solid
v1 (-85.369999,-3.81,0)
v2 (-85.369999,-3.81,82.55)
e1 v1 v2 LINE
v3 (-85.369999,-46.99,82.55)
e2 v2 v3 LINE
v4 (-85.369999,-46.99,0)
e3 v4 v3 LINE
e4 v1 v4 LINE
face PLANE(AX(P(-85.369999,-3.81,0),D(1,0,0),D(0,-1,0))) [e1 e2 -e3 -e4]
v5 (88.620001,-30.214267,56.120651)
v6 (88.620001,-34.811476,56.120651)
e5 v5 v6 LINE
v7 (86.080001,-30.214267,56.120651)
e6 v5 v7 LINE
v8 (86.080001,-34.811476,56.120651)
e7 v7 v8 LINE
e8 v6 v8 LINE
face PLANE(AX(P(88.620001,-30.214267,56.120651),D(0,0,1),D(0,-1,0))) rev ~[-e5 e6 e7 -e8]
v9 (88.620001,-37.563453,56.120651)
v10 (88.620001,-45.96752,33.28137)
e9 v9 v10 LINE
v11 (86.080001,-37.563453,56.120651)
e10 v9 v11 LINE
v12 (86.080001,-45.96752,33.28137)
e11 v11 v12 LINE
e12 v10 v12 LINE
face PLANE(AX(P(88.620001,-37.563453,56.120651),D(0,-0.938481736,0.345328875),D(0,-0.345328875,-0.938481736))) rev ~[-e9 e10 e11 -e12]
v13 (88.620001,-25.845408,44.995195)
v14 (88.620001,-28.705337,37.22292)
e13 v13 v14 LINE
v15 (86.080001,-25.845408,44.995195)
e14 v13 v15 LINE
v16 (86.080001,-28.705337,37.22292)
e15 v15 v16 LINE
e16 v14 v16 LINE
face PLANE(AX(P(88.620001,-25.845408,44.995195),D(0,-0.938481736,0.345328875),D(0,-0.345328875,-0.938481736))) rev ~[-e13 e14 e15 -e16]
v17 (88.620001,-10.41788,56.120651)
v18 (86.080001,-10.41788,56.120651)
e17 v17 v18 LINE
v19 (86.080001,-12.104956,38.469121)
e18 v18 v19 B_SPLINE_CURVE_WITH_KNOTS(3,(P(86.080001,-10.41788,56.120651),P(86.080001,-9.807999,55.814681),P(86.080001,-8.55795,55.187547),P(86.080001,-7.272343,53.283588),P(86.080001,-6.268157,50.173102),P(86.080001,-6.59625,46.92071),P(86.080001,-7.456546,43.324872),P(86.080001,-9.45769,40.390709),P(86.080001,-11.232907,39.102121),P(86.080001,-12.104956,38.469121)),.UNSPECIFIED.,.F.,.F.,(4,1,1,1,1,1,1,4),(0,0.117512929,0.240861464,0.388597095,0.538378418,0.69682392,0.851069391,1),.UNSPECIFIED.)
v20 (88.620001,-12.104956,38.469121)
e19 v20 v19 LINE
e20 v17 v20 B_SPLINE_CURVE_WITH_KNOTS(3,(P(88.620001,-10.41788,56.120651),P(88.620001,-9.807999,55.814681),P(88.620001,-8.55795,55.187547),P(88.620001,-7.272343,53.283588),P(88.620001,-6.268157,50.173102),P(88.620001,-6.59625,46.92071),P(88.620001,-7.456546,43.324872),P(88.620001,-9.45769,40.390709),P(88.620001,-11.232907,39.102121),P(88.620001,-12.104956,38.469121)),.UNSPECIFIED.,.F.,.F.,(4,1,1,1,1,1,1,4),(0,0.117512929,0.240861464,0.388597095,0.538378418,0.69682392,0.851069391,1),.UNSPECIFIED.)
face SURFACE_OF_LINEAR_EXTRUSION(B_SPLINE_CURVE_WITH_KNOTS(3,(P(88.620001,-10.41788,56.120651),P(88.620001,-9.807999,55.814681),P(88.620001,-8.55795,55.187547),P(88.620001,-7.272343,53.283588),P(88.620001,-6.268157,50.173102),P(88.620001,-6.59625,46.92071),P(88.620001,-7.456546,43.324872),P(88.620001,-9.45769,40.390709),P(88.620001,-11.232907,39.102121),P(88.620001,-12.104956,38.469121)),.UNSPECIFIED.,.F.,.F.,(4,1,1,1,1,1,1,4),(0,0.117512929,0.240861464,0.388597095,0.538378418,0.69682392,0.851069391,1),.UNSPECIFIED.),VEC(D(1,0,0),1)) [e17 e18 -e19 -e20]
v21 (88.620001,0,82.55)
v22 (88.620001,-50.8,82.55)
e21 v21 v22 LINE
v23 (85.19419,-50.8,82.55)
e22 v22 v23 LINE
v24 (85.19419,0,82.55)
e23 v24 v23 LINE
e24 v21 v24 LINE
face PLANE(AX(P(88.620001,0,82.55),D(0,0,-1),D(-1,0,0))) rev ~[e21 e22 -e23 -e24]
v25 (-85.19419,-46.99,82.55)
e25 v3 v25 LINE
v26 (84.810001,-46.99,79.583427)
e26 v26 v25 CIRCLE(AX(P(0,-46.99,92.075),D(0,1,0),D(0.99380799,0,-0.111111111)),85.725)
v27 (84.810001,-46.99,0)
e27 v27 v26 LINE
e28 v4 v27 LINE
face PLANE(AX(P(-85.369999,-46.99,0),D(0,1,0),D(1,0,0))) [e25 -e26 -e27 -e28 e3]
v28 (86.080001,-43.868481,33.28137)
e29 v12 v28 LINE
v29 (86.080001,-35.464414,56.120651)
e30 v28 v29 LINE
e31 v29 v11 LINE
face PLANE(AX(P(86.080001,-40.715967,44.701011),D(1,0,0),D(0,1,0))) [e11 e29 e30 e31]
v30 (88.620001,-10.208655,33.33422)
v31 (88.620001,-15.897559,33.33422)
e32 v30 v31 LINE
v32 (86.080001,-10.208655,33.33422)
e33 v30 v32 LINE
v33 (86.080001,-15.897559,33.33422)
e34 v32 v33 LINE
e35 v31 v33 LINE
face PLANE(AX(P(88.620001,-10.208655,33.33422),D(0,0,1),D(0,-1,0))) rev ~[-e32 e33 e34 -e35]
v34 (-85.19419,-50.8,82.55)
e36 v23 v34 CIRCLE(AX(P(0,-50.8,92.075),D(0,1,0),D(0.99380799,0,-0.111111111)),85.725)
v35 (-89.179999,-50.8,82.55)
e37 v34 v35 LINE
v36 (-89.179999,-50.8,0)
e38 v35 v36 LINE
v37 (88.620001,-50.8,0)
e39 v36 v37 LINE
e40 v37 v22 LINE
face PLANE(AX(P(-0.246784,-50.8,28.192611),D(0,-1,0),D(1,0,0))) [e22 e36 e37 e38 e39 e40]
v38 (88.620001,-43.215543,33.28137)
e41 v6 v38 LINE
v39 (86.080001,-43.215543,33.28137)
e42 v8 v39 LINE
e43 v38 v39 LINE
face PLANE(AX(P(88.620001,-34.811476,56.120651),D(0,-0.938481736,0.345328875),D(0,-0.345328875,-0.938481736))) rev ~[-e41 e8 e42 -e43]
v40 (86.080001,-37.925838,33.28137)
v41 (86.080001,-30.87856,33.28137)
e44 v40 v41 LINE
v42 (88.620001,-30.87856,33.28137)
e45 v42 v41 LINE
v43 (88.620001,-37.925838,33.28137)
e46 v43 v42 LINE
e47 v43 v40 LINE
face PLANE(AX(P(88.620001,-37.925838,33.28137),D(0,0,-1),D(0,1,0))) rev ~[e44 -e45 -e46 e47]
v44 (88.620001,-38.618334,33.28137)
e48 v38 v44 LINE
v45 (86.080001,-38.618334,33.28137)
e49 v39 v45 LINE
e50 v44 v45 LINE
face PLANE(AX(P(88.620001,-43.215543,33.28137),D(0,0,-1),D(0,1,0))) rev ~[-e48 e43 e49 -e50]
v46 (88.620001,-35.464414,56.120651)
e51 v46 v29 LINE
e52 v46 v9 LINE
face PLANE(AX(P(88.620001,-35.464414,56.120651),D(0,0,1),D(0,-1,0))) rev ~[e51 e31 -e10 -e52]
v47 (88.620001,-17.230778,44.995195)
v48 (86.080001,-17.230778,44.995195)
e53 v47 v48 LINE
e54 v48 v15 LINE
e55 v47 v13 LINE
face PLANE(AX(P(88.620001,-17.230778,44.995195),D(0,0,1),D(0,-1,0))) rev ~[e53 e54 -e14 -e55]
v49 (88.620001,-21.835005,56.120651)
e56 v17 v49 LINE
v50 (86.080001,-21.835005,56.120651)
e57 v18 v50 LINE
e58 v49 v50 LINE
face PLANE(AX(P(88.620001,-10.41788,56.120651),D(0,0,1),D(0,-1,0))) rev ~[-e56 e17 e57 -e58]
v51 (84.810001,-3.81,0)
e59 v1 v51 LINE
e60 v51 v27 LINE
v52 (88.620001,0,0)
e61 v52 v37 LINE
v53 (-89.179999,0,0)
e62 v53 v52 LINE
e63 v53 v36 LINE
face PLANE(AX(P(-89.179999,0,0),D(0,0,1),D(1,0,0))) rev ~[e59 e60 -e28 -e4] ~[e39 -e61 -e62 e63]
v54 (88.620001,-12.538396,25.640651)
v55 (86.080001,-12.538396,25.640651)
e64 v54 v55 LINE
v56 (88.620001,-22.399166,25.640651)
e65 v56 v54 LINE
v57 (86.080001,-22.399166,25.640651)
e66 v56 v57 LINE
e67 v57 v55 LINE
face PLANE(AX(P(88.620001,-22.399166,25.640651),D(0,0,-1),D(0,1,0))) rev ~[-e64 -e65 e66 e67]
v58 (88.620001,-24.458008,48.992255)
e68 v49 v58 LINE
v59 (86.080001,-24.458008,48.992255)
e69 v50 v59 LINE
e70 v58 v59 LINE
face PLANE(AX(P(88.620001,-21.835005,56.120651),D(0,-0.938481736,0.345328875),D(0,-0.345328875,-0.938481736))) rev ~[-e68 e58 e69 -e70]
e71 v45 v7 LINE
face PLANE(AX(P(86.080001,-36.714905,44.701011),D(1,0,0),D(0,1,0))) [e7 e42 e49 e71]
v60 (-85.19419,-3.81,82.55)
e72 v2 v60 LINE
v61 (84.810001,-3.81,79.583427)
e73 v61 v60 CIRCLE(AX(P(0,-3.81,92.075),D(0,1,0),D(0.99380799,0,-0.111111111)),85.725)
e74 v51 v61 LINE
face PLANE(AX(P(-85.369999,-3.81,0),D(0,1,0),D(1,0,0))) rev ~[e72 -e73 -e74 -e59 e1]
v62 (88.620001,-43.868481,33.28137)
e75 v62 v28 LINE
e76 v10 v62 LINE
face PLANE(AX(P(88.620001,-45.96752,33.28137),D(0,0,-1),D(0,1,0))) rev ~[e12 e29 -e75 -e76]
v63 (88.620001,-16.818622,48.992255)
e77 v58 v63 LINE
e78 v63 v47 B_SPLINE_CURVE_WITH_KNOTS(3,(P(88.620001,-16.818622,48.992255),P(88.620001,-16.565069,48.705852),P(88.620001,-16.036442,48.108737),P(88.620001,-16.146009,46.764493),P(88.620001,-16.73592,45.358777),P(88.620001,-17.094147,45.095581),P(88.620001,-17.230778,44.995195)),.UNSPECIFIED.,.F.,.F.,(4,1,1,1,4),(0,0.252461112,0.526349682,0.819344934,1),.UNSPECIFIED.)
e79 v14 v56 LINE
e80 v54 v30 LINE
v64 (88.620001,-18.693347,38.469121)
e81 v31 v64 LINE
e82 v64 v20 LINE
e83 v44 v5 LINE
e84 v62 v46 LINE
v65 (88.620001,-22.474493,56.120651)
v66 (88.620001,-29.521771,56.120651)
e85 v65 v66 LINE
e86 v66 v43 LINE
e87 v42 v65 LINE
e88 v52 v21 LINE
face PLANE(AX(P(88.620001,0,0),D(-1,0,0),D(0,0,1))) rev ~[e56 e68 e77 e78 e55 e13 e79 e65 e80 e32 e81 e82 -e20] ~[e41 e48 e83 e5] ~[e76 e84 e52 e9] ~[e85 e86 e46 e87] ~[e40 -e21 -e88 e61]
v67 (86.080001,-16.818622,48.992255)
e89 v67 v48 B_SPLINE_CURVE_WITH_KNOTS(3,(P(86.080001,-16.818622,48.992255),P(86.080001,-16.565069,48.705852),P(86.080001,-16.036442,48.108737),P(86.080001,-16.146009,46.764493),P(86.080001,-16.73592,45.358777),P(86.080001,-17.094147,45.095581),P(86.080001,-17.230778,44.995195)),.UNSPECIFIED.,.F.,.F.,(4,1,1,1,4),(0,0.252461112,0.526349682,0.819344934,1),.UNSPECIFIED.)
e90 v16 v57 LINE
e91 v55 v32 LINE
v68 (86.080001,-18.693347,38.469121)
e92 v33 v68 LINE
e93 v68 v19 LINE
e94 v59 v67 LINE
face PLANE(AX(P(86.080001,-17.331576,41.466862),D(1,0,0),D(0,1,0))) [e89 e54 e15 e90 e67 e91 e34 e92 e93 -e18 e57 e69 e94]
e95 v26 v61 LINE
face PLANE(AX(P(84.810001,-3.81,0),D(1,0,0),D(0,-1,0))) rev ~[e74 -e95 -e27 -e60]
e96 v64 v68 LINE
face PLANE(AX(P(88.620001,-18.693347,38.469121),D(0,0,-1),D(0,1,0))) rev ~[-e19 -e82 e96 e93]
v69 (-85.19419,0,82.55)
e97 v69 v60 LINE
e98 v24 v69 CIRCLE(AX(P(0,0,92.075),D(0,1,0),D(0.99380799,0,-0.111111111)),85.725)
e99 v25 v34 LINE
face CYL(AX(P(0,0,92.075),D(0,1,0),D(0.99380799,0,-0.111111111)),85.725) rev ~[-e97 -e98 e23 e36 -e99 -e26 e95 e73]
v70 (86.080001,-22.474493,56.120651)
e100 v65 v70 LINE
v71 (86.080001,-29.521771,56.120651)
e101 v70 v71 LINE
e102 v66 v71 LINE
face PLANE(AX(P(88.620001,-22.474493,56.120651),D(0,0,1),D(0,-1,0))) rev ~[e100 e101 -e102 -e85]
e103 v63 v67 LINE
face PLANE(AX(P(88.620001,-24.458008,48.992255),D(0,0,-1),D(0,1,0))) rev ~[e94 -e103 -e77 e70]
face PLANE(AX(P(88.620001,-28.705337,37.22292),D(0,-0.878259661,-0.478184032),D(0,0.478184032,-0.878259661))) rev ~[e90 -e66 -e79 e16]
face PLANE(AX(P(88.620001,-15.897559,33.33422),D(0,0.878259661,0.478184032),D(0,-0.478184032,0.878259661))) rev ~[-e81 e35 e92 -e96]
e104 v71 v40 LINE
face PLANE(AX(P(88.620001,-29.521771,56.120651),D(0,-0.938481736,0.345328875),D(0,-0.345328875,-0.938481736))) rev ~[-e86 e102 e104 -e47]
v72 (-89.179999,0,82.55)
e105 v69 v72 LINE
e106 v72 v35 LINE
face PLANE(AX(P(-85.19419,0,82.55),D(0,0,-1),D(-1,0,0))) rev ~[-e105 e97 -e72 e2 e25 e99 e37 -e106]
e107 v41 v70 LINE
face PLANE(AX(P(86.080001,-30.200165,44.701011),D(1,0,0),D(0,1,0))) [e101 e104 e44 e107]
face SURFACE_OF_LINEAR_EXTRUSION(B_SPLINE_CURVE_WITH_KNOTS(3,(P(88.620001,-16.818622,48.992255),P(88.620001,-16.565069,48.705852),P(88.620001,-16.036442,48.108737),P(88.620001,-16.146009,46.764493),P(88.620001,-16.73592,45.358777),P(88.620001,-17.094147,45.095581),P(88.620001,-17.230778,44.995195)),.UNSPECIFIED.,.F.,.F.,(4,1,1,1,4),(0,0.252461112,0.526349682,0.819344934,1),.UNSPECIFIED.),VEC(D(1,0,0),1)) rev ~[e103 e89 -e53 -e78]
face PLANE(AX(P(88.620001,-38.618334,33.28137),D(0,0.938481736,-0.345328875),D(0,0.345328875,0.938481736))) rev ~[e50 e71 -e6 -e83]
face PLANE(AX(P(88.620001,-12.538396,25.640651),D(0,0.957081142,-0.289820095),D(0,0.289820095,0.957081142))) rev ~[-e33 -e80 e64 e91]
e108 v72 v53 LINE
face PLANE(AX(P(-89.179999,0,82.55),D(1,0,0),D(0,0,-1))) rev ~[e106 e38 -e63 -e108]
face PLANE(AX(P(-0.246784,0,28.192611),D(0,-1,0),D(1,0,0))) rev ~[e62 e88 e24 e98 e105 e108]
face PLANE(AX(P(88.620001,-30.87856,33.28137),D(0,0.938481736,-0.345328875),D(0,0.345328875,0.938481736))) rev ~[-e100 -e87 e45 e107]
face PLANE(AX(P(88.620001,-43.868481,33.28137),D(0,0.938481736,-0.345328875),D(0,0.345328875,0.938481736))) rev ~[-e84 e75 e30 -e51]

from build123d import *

# Parameters (mm, degrees)
F1_DEPTH = 50.8
F3_DEPTH = 2.54
F4_W     = 170.18
F4_H     = 43.18
F5_DEPTH = 82.5510001


with BuildPart() as f1:
    # F0 (on Front) → F1 (new body)
    with BuildSketch(Plane.XZ):
        with BuildLine():
            Line((-89.1799991712, 82.55), (-89.1799991712, 0))
            Line((-89.1799991712, 0), (88.6200008288, 0))
            Line((88.6200008288, 0), (88.6200008288, 82.55))
            Line((88.6200008288, 82.55), (85.1941899427, 82.55))
            ThreePointArc((85.1941899427, 82.55), (0, 6.35), (-85.1941899427, 82.55))
            Line((-85.1941899427, 82.55), (-89.1799991712, 82.55))
        make_face()
    extrude(amount=F1_DEPTH)

    # F2 (on face) → F3 (cut)
    with BuildSketch(Plane.YZ.offset(88.6200008288)):
        Polygon((-37.5634527076, 56.1206514695), (-45.9675195587, 33.2813703549), (-43.8684808629, 33.2813703549), (-35.4644140118, 56.1206514695), align=None)
        Polygon((-37.9258376017, 33.2813703549), (-30.8785599801, 33.2813703549), (-22.4744931291, 56.1206514695), (-29.5217707507, 56.1206514695), align=None)
        Polygon((-34.8114763209, 56.1206514695), (-43.215543172, 33.2813703549), (-38.6183339685, 33.2813703549), (-30.2142671174, 56.1206514695), align=None)
        with BuildLine():
            Line((-21.8350046216, 56.1206514695), (-24.458008221, 48.992255464))
            Line((-24.458008221, 48.992255464), (-16.8186221192, 48.992255464))
            add(Edge.make_bspline(
                [(-16.8186221192, 48.992255464), (-16.5650688194, 48.7058519581), (-16.0364420635, 48.1087366521), (-16.1460089371, 46.764492626), (-16.7359200401, 45.358777375), (-17.0941465697, 45.0955807852), (-17.2307778252, 44.9951949189)],
                knots=[0, 0, 0, 0, 0.2524611124, 0.5263496824, 0.8193449335, 1, 1, 1, 1], degree=3))
            Line((-17.2307778252, 44.9951949189), (-25.8454084249, 44.9951949189))
            Line((-25.8454084249, 44.9951949189), (-28.7053373028, 37.2229198086))
            Line((-28.7053373028, 37.2229198086), (-22.3991661055, 25.6406514695))
            Line((-22.3991661055, 25.6406514695), (-12.5383959732, 25.6406514695))
            Line((-12.5383959732, 25.6406514695), (-10.2086553273, 33.3342202489))
            Line((-10.2086553273, 33.3342202489), (-15.8975594249, 33.3342202489))
            Line((-15.8975594249, 33.3342202489), (-18.6933472439, 38.4691212412))
            Line((-18.6933472439, 38.4691212412), (-12.1049555279, 38.4691212412))
            add(Edge.make_bspline(
                [(-10.4178804995, 56.1206514695), (-9.8079992001, 55.81468124), (-8.5579503395, 55.1875465219), (-7.2723425667, 53.2835881675), (-6.2681571478, 50.1731018561), (-6.5962499881, 46.920709582), (-7.4565458058, 43.3248722799), (-9.4576902901, 40.390709487), (-11.2329073266, 39.1021207418), (-12.1049555279, 38.4691212412)],
                knots=[0, 0, 0, 0, 0.1175129286, 0.2408614638, 0.3885970952, 0.5383784175, 0.6968239202, 0.8510693906, 1, 1, 1, 1], degree=3))
            Line((-10.4178804995, 56.1206514695), (-21.8350046216, 56.1206514695))
        make_face()
    extrude(amount=-F3_DEPTH, mode=Mode.SUBTRACT)

    # F4 (on face) → F5 (cut, through all)
    with BuildSketch(Plane(origin=(0, 0, 0), x_dir=(1, 0, 0), z_dir=(0, 0, -1))):
        with Locations((-0.2799991712, 25.4)):
            Rectangle(F4_W, F4_H)
    extrude(amount=-F5_DEPTH, mode=Mode.SUBTRACT)


solid = f1.part
